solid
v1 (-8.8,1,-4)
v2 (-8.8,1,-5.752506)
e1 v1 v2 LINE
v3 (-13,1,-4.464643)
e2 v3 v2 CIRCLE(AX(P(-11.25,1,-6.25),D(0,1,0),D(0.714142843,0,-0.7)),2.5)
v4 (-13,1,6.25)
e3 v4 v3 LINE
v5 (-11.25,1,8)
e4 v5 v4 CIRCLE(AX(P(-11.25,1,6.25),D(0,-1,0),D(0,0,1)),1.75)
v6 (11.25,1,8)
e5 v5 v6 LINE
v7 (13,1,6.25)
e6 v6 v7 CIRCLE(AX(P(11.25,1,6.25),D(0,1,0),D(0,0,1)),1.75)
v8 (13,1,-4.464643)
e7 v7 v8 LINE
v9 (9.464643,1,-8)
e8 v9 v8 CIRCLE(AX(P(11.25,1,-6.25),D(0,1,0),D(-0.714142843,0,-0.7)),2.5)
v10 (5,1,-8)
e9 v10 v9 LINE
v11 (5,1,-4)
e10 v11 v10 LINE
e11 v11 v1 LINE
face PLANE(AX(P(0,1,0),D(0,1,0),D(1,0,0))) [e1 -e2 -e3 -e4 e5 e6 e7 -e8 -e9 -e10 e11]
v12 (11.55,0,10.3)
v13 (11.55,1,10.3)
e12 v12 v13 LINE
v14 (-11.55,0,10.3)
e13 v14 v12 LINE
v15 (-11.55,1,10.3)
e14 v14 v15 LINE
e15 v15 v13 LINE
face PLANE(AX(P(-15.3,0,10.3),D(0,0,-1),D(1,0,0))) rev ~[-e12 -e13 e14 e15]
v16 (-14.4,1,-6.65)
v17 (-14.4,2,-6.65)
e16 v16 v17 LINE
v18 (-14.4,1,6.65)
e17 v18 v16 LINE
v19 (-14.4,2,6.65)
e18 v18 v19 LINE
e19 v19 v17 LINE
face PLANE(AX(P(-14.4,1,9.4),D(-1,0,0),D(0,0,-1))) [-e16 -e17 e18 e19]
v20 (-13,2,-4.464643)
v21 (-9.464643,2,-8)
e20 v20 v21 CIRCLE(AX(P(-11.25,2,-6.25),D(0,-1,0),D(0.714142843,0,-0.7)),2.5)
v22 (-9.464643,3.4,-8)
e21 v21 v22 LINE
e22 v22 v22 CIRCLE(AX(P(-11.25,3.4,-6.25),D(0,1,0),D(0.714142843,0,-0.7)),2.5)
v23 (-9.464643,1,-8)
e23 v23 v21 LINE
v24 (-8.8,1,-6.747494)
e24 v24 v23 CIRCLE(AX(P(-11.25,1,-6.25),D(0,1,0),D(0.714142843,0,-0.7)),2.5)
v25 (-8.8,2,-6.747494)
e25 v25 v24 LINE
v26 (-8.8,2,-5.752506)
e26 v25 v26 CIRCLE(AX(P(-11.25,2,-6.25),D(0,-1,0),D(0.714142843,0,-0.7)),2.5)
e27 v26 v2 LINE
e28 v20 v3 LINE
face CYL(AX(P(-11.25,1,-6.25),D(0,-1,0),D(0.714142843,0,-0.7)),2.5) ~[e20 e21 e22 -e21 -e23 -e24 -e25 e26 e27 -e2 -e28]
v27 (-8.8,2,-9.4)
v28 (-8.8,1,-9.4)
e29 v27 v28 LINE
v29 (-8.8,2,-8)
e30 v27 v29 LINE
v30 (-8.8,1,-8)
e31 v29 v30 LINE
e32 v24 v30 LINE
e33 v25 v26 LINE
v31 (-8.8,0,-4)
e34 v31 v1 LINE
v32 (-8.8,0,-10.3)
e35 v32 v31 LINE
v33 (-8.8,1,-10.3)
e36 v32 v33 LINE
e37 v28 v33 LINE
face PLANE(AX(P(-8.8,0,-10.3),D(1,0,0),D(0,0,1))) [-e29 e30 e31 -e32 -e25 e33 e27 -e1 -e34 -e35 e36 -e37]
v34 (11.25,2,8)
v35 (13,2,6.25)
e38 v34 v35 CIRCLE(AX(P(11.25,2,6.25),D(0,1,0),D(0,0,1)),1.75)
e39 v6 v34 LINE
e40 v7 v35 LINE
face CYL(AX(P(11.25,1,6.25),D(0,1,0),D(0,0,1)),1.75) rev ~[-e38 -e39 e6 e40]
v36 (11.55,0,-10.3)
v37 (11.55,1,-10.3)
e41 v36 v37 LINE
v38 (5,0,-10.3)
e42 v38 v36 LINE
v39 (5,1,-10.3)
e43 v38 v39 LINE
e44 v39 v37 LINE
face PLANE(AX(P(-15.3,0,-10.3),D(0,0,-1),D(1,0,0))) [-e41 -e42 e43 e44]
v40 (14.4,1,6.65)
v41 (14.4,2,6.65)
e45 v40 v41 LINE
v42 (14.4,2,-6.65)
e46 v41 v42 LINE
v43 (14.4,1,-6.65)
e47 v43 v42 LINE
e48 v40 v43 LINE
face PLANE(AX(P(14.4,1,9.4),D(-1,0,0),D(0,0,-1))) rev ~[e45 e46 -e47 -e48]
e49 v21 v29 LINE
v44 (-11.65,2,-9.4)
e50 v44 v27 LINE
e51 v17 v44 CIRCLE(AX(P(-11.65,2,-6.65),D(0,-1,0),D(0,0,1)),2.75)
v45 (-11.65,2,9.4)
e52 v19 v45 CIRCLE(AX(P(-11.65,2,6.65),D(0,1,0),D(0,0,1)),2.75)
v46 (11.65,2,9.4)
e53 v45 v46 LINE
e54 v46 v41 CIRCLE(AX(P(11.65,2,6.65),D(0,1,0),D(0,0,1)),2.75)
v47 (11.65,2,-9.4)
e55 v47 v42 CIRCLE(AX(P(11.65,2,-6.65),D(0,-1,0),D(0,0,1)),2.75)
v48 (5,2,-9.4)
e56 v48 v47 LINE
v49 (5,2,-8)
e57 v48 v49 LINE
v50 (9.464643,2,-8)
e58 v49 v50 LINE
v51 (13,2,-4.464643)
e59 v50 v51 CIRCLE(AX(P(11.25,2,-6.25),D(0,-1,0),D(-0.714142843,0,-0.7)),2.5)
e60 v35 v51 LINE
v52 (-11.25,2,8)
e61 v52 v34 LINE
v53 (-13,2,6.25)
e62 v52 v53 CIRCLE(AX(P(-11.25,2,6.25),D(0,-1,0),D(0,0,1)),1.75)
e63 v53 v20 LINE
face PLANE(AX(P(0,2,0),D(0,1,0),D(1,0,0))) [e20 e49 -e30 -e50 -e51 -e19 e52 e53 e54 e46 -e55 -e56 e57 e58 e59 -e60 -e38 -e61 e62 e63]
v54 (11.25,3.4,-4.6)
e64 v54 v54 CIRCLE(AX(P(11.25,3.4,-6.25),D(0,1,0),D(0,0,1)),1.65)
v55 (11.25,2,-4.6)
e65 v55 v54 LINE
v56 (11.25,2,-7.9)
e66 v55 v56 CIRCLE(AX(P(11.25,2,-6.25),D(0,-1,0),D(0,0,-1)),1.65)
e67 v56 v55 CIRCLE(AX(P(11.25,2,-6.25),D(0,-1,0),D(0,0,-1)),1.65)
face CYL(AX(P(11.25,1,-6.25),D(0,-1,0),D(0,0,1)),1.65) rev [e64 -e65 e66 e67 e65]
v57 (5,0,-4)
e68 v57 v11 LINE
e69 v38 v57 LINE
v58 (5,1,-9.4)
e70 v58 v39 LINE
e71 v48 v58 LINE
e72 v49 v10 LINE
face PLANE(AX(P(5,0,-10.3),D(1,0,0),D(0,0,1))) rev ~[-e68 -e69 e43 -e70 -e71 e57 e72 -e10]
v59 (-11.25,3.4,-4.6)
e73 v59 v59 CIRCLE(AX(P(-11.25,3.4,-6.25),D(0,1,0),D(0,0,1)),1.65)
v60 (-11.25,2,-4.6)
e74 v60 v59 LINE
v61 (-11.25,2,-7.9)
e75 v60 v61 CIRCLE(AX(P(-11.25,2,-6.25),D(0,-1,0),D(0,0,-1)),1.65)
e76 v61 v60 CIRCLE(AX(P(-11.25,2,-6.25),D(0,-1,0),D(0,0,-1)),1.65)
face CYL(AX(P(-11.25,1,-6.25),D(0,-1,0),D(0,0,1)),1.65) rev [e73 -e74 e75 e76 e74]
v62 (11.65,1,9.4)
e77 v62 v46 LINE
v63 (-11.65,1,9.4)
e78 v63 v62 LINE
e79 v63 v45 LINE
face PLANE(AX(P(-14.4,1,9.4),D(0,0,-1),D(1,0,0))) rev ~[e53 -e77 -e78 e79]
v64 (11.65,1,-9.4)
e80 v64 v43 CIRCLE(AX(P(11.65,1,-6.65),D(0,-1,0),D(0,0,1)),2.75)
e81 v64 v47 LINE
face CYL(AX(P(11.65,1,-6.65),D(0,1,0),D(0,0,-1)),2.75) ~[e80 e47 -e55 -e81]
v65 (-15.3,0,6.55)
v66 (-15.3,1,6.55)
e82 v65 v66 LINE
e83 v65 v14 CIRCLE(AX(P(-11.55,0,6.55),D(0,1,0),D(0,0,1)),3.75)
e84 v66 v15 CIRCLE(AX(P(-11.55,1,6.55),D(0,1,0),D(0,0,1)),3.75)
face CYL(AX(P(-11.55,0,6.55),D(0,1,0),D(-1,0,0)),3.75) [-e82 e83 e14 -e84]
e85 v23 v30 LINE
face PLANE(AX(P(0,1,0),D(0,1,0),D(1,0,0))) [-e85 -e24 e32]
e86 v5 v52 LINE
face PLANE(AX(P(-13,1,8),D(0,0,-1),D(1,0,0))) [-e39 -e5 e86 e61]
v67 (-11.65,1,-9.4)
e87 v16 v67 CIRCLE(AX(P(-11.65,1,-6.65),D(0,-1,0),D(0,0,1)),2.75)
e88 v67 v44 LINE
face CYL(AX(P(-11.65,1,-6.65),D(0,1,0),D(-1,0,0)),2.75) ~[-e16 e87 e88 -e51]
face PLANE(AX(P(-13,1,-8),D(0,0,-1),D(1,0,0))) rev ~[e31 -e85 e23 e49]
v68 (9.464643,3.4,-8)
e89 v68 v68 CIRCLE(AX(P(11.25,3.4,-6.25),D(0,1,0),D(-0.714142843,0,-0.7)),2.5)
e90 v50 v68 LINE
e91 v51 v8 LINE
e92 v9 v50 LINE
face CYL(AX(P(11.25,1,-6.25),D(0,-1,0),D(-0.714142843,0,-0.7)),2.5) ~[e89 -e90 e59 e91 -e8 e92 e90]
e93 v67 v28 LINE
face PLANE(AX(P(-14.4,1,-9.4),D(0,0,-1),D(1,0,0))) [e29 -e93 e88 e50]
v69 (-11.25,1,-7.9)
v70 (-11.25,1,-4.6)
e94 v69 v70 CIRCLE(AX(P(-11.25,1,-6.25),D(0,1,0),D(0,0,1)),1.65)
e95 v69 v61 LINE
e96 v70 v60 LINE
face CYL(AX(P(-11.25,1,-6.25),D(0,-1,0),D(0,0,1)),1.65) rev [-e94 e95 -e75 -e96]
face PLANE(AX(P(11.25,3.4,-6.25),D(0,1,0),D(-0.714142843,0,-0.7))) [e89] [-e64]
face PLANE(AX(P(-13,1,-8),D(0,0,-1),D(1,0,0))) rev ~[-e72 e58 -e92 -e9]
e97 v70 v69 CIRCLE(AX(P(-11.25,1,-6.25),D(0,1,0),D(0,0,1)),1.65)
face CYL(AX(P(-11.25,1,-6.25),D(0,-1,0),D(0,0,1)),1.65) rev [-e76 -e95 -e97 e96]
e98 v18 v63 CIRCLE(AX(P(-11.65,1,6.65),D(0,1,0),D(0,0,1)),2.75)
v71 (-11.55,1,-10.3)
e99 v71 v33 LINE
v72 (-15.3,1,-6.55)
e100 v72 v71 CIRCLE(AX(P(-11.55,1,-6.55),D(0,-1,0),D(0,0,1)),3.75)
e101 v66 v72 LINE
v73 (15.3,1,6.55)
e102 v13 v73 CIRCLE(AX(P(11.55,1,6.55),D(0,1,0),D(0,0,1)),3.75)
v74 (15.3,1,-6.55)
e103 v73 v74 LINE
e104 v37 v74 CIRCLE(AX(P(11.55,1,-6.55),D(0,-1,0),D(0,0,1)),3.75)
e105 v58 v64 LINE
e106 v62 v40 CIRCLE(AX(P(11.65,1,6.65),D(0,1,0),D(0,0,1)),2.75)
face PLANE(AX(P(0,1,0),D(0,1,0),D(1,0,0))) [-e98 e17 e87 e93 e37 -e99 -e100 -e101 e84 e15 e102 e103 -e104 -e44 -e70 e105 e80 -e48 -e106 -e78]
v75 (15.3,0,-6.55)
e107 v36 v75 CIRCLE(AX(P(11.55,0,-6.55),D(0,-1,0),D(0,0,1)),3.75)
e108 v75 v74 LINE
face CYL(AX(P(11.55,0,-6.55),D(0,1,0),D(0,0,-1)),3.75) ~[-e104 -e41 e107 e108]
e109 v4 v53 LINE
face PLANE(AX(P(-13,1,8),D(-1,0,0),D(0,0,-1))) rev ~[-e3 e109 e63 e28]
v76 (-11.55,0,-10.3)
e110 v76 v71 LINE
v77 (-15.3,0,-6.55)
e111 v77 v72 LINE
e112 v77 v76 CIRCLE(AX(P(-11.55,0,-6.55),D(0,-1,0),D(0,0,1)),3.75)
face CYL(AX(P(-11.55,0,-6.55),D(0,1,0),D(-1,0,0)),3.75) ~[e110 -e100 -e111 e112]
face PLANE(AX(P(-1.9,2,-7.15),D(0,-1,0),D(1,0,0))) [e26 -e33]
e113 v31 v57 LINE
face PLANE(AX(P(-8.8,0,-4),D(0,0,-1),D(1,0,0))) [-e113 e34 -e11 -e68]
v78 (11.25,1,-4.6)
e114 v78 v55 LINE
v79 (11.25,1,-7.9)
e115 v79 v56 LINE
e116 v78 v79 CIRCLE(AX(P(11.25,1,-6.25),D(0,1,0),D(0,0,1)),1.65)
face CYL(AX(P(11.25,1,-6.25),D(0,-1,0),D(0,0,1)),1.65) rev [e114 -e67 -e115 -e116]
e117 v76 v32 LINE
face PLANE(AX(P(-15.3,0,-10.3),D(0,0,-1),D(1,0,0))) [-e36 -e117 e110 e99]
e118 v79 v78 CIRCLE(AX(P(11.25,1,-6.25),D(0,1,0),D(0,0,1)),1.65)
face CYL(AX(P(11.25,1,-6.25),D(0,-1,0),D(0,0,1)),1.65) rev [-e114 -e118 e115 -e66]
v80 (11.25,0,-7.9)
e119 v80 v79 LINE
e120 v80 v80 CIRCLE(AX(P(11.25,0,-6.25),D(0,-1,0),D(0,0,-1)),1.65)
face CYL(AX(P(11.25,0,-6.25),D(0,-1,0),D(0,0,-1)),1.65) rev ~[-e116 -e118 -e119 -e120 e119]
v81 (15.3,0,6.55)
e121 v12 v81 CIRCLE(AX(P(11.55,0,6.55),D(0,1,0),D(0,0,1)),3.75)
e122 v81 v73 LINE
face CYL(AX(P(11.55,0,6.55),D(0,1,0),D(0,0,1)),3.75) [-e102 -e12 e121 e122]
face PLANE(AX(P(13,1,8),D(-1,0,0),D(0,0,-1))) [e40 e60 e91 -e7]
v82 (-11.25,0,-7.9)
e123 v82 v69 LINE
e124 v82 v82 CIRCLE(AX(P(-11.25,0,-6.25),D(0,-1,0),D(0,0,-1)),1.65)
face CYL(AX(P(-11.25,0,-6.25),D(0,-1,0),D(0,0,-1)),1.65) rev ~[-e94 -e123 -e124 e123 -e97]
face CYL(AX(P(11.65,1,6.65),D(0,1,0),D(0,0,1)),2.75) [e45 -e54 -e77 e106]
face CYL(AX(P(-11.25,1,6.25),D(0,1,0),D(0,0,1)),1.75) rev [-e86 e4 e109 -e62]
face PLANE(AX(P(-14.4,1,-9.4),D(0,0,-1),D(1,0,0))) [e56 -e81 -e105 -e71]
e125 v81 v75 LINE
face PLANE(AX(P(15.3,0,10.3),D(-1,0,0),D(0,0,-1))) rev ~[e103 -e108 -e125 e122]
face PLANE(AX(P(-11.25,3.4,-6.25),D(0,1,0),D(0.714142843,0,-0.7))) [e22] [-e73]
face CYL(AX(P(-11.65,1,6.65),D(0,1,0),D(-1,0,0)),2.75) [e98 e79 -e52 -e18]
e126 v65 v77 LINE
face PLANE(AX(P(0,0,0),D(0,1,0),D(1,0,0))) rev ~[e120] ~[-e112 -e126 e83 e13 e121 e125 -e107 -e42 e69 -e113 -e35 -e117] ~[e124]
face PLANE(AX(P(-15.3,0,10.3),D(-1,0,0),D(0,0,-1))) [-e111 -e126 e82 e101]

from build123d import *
from build123d.topology import SkipClean

# Parameters (mm, degrees)
SKETCH_1_W          = 30.6
SKETCH_1_H          = 20.6
EXTRUDE_1_DEPTH     = 1
SKETCH_2_W          = 28.8
SKETCH_2_H          = 18.8
SKETCH_2_W_2        = 26
SKETCH_2_H_2        = 16
EXTRUDE_2_DEPTH     = 1
SKETCH_3_R          = 2.5
SKETCH_3_R_2        = 1.65
EXTRUDE_3_DEPTH     = 2.4
FILLET_2_R          = 2.75
FILLET_3_R          = 3.75
FILLET_4_R          = 1.75
SKETCH_5_R          = 1.65
SKETCH_5_W          = 13.8
SKETCH_5_H          = 6.3
CUT_EXTRUDE_1_DEPTH = 2


with BuildPart() as part:
    # 草图1 → 凸台-拉伸1 (new body)
    with BuildSketch(Plane(origin=(0, 0, 0), x_dir=(1, 0, 0), z_dir=(0, 1, 0))):
        Rectangle(SKETCH_1_W, SKETCH_1_H)
    extrude(amount=EXTRUDE_1_DEPTH)

    # 草图2 → 凸台-拉伸2 (add)
    with BuildSketch(Plane(origin=(0, 1, 0), x_dir=(1, 0, 0), z_dir=(0, 1, 0))):
        Rectangle(SKETCH_2_W, SKETCH_2_H)
        Rectangle(SKETCH_2_W_2, SKETCH_2_H_2, mode=Mode.SUBTRACT)
    extrude(amount=EXTRUDE_2_DEPTH)

    # 草图3 → 凸台-拉伸3 (add)
    # profile 1 of 2: a face of its own
    with BuildSketch(Plane(origin=(0, 1, 0), x_dir=(1, 0, 0), z_dir=(0, 1, 0))):
        with Locations(Location((-11.25, 6.25, 0), (0, 0, 44.427004001))):
            Circle(SKETCH_3_R)
        with Locations(Location((-11.25, 6.25, 0), (0, 0, 270))):
            Circle(SKETCH_3_R_2, mode=Mode.SUBTRACT)
    # profile 2 of 2: a face of its own
    with BuildSketch(Plane(origin=(0, 1, 0), x_dir=(1, 0, 0), z_dir=(0, 1, 0))):
        with Locations(Location((11.25, 6.25, 0), (0, 0, 135.572995999))):
            Circle(SKETCH_3_R)
        with Locations(Location((11.25, 6.25, 0), (0, 0, 270))):
            Circle(SKETCH_3_R_2, mode=Mode.SUBTRACT)
    extrude(amount=EXTRUDE_3_DEPTH)

    # 圆角2
    fillet_2_edges = [part.edges().sort_by_distance(p)[0] for p in [
        (-14.4, 1.5, -9.4),
        (-14.4, 1.5, 9.4),
        (14.4, 1.5, 9.4),
        (14.4, 1.5, -9.4),
    ]]
    fillet(fillet_2_edges, radius=FILLET_2_R)

    # 圆角3
    fillet_3_edges = [part.edges().sort_by_distance(p)[0] for p in [
        (-15.3, 0.5, -10.3),
        (15.3, 0.5, -10.3),
        (15.3, 0.5, 10.3),
        (-15.3, 0.5, 10.3),
    ]]
    fillet(fillet_3_edges, radius=FILLET_3_R)

    # 圆角4
    fillet_4_edges = [part.edges().sort_by_distance(p)[0] for p in [
        (-13, 1.5, 8),
        (13, 1.5, 8),
    ]]
    fillet(fillet_4_edges, radius=FILLET_4_R)

    # 草图5 → 切除-拉伸1 (cut)
    with SkipClean():  # the faces are left unmerged after this step: merging them gives an invalid solid
        with BuildSketch(Plane.XZ):
            with Locations(Location((-11.25, -6.25, 0), (0, 0, 270))):
                Circle(SKETCH_5_R)
            with Locations(Location((11.25, -6.25, 0), (0, 0, 270))):
                Circle(SKETCH_5_R)
            with Locations((-1.9, -7.15)):
                Rectangle(SKETCH_5_W, SKETCH_5_H)
        extrude(amount=-CUT_EXTRUDE_1_DEPTH, mode=Mode.SUBTRACT)


solid = part.part
